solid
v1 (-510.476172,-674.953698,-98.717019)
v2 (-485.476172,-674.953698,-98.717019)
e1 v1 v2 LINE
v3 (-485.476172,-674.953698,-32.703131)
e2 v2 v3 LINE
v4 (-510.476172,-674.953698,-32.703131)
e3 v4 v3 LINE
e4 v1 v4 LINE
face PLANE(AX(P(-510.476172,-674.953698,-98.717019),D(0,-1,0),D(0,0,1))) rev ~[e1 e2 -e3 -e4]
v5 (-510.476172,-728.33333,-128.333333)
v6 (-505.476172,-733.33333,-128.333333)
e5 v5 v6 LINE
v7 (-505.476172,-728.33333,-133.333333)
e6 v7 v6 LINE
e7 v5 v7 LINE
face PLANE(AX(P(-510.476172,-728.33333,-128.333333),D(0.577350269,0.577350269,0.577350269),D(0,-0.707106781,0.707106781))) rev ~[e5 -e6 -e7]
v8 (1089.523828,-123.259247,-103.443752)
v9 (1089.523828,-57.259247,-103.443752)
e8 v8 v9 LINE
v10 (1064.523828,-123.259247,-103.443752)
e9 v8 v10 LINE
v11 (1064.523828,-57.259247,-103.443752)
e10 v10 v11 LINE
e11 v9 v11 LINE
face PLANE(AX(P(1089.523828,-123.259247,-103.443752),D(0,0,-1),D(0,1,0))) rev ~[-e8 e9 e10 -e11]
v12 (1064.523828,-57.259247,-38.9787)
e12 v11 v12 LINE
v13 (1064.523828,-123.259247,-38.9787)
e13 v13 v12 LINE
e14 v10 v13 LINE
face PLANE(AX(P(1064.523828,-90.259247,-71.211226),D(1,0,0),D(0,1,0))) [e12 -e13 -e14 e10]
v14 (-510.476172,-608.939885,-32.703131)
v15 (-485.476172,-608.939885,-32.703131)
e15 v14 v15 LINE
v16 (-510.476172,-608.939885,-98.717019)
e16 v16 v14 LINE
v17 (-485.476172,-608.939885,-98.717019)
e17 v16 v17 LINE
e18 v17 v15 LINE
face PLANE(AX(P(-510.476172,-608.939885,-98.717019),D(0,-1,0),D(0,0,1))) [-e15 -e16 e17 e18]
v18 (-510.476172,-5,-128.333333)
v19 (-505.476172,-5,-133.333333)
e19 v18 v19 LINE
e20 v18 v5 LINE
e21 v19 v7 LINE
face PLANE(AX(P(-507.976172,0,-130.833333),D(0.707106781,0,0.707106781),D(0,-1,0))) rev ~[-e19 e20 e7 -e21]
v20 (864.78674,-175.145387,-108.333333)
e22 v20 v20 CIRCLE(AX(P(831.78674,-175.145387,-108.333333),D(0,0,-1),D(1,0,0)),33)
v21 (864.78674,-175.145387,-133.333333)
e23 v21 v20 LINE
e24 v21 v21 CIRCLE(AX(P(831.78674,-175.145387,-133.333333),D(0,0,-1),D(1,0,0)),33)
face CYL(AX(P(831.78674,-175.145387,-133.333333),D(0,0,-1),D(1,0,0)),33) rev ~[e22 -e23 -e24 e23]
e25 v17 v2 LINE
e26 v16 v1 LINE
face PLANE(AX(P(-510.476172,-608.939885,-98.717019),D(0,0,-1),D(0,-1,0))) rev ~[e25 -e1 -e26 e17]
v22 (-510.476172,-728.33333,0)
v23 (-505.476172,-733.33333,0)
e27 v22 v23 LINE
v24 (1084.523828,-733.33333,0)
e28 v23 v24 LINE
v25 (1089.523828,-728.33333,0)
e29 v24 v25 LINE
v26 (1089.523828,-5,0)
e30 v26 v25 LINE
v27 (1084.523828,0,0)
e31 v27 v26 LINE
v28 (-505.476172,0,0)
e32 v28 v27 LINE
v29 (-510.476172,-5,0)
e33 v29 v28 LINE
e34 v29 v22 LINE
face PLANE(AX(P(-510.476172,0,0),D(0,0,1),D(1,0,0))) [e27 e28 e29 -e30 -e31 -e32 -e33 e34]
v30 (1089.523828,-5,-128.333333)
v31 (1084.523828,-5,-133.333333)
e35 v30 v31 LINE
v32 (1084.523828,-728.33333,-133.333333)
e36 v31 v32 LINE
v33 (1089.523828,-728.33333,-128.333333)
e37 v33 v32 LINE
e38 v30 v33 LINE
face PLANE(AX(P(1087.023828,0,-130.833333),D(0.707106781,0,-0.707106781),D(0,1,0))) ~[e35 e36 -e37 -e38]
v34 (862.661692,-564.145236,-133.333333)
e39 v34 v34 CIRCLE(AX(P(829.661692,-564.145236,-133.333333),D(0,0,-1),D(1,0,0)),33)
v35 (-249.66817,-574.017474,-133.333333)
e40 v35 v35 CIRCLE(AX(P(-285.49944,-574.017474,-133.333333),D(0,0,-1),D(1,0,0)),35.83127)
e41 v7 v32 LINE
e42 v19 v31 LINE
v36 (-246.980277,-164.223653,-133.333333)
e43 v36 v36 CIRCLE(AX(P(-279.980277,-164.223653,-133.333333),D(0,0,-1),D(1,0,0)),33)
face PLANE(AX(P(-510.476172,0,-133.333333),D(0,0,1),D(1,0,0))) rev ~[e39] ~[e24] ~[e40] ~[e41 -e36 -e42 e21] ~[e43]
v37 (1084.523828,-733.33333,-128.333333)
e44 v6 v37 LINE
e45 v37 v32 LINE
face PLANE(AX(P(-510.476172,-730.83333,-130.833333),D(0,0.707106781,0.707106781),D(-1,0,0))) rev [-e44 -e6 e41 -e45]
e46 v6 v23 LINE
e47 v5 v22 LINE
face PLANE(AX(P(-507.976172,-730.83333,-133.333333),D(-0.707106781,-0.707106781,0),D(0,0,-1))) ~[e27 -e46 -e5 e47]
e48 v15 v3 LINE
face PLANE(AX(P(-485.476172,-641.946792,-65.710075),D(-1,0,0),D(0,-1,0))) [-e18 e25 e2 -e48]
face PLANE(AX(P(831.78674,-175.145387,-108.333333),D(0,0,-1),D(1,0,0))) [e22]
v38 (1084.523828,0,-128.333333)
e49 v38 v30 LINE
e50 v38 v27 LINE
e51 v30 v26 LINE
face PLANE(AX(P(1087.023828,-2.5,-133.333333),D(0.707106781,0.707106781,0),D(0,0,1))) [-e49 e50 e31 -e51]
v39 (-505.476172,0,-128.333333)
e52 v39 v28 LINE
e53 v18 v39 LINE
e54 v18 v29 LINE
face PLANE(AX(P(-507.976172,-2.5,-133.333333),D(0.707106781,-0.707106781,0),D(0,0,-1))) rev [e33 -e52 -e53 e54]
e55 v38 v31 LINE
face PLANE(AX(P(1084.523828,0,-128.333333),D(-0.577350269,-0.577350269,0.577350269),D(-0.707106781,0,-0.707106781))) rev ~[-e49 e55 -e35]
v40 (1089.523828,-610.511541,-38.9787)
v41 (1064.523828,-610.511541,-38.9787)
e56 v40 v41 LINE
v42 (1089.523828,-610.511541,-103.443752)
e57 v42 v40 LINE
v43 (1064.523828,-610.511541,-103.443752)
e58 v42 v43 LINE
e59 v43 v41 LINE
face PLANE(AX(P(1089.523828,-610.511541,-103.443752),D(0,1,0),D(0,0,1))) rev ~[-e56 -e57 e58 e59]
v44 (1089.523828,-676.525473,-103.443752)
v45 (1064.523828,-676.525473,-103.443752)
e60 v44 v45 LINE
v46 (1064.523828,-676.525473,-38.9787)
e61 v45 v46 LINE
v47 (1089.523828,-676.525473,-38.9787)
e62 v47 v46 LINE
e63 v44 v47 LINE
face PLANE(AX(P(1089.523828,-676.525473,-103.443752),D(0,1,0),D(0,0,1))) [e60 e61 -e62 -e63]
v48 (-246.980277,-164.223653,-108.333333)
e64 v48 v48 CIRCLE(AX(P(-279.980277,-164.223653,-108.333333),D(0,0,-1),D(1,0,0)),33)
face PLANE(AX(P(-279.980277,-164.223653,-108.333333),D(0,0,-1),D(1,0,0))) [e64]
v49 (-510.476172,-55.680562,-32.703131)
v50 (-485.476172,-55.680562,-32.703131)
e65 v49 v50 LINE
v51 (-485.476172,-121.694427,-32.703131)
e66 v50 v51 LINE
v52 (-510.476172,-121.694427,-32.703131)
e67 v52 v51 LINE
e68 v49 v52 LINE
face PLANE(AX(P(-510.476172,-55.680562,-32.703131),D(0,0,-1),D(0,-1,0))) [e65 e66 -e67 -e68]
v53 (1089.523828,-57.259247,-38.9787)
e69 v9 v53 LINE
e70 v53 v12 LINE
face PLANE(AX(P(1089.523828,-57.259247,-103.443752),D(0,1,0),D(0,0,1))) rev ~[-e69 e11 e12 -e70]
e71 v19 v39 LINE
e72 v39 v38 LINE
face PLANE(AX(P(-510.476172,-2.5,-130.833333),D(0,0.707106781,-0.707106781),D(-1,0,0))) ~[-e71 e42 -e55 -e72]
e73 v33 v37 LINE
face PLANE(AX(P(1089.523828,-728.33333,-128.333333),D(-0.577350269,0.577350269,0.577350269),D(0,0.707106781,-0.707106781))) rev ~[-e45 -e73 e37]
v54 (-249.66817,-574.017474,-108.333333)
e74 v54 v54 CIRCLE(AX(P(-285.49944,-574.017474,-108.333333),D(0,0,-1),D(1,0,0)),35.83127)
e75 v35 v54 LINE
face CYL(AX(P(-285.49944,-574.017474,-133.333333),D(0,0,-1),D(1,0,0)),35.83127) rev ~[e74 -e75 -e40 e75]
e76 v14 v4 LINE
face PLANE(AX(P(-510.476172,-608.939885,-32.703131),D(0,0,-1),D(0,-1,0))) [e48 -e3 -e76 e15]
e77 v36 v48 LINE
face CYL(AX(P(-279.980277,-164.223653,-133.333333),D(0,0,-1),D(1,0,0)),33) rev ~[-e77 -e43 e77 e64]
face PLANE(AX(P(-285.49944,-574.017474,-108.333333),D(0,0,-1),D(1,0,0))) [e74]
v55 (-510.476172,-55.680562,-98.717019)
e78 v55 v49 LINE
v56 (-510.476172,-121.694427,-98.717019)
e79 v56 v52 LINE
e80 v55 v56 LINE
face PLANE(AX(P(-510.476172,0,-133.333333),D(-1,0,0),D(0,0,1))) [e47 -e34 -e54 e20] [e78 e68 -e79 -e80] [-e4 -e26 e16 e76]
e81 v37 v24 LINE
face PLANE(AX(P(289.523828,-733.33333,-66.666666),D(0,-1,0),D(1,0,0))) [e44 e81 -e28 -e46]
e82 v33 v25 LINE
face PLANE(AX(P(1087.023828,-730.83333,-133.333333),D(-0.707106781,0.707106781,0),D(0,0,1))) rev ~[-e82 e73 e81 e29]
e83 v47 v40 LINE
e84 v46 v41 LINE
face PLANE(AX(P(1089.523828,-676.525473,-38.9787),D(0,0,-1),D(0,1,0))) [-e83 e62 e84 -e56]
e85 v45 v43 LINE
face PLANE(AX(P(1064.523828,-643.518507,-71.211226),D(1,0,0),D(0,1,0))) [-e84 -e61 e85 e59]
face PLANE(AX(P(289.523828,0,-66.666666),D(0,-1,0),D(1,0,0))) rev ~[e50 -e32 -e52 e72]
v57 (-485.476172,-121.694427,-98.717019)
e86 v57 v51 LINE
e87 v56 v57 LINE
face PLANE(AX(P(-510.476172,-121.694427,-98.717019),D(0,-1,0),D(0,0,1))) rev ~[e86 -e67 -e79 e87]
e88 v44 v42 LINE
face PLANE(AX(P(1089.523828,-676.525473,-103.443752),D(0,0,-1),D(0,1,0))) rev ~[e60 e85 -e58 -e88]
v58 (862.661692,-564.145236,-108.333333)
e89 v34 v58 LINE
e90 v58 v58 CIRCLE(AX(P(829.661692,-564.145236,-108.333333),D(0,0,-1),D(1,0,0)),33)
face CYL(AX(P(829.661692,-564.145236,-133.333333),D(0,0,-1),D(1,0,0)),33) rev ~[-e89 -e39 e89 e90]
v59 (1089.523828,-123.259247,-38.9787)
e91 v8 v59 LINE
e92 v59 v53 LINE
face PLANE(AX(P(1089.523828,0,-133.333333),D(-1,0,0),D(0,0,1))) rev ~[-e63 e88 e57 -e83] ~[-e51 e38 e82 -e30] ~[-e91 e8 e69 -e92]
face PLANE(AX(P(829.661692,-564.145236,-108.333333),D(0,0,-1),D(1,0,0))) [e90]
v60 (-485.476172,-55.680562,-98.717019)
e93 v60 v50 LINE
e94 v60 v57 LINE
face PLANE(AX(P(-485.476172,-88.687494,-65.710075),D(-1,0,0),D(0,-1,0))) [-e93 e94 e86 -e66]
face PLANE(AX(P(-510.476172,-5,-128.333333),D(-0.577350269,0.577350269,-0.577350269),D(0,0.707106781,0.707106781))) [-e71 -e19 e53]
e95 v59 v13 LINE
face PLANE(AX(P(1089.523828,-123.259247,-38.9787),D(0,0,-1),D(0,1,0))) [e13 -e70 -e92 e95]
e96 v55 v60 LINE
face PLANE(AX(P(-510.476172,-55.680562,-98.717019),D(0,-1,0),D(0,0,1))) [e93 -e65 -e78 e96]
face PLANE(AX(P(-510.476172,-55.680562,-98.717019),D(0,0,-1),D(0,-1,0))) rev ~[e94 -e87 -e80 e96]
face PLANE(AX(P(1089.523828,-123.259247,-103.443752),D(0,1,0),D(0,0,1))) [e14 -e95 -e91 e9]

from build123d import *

# Parameters (mm, degrees)
F0_W     = 1600
F0_H     = 133.333333
F1_DEPTH = 733.33333
F2_W     = 66.013813
F2_H     = 66.013888
F2_W_2   = 66.013865
F3_DEPTH = 25
F4_W     = 66.013933
F4_H     = 64.465052
F4_W_2   = 66
F5_DEPTH = 25
F6_R     = 33
F6_R_2   = 35.83127
F7_DEPTH = 25
F8_SIZE  = 5


with BuildPart() as f1:
    # F0 (on Front) → F1 (new body)
    with BuildSketch(Plane.XZ):
        with Locations((289.523828, -66.666666)):
            Rectangle(F0_W, F0_H)
    extrude(amount=F1_DEPTH)

    # F2 (on face) → F3 (cut)
    with BuildSketch(Plane(origin=(-510.476172, 0, 0), x_dir=(0, -1, 0), z_dir=(-1, 0, 0))):
        with Locations((641.946792, -65.710075)):
            Rectangle(F2_W, F2_H)
        with Locations((88.687494, -65.710075)):
            Rectangle(F2_W_2, F2_H)
    extrude(amount=-F3_DEPTH, mode=Mode.SUBTRACT)

    # F4 (on face) → F5 (cut)
    with BuildSketch(Plane.YZ.offset(1089.523828)):
        with Locations((-643.518507, -71.211226)):
            Rectangle(F4_W, F4_H)
        with Locations((-90.259247, -71.211226)):
            Rectangle(F4_W_2, F4_H)
    extrude(amount=-F5_DEPTH, mode=Mode.SUBTRACT)

    # F6 (on face) → F7 (cut)
    with BuildSketch(Plane(origin=(0, 0, -133.333333), x_dir=(1, 0, 0), z_dir=(0, 0, -1))):
        with Locations((829.661692, 564.145236)):
            Circle(F6_R)
        with Locations((831.78674, 175.145387)):
            Circle(F6_R)
        with Locations((-279.980277, 164.223653)):
            Circle(F6_R)
        with Locations((-285.49944, 574.017474)):
            Circle(F6_R_2)
    extrude(amount=-F7_DEPTH, mode=Mode.SUBTRACT)

    # F8
    f8_edges = [f1.edges().sort_by_distance(p)[0] for p in [
        (289.523828, -733.33333, -133.333333),
        (1089.523828, -733.33333, -66.666667),
        (1089.523828, -366.666665, -133.333333),
        (1089.523828, 0, -66.666667),
        (289.523828, 0, -133.333333),
        (-510.476172, -366.666665, -133.333333),
        (-510.476172, 0, -66.666667),
        (-510.476172, -733.33333, -66.666667),
    ]]
    chamfer(f8_edges, length=F8_SIZE)


solid = f1.part
